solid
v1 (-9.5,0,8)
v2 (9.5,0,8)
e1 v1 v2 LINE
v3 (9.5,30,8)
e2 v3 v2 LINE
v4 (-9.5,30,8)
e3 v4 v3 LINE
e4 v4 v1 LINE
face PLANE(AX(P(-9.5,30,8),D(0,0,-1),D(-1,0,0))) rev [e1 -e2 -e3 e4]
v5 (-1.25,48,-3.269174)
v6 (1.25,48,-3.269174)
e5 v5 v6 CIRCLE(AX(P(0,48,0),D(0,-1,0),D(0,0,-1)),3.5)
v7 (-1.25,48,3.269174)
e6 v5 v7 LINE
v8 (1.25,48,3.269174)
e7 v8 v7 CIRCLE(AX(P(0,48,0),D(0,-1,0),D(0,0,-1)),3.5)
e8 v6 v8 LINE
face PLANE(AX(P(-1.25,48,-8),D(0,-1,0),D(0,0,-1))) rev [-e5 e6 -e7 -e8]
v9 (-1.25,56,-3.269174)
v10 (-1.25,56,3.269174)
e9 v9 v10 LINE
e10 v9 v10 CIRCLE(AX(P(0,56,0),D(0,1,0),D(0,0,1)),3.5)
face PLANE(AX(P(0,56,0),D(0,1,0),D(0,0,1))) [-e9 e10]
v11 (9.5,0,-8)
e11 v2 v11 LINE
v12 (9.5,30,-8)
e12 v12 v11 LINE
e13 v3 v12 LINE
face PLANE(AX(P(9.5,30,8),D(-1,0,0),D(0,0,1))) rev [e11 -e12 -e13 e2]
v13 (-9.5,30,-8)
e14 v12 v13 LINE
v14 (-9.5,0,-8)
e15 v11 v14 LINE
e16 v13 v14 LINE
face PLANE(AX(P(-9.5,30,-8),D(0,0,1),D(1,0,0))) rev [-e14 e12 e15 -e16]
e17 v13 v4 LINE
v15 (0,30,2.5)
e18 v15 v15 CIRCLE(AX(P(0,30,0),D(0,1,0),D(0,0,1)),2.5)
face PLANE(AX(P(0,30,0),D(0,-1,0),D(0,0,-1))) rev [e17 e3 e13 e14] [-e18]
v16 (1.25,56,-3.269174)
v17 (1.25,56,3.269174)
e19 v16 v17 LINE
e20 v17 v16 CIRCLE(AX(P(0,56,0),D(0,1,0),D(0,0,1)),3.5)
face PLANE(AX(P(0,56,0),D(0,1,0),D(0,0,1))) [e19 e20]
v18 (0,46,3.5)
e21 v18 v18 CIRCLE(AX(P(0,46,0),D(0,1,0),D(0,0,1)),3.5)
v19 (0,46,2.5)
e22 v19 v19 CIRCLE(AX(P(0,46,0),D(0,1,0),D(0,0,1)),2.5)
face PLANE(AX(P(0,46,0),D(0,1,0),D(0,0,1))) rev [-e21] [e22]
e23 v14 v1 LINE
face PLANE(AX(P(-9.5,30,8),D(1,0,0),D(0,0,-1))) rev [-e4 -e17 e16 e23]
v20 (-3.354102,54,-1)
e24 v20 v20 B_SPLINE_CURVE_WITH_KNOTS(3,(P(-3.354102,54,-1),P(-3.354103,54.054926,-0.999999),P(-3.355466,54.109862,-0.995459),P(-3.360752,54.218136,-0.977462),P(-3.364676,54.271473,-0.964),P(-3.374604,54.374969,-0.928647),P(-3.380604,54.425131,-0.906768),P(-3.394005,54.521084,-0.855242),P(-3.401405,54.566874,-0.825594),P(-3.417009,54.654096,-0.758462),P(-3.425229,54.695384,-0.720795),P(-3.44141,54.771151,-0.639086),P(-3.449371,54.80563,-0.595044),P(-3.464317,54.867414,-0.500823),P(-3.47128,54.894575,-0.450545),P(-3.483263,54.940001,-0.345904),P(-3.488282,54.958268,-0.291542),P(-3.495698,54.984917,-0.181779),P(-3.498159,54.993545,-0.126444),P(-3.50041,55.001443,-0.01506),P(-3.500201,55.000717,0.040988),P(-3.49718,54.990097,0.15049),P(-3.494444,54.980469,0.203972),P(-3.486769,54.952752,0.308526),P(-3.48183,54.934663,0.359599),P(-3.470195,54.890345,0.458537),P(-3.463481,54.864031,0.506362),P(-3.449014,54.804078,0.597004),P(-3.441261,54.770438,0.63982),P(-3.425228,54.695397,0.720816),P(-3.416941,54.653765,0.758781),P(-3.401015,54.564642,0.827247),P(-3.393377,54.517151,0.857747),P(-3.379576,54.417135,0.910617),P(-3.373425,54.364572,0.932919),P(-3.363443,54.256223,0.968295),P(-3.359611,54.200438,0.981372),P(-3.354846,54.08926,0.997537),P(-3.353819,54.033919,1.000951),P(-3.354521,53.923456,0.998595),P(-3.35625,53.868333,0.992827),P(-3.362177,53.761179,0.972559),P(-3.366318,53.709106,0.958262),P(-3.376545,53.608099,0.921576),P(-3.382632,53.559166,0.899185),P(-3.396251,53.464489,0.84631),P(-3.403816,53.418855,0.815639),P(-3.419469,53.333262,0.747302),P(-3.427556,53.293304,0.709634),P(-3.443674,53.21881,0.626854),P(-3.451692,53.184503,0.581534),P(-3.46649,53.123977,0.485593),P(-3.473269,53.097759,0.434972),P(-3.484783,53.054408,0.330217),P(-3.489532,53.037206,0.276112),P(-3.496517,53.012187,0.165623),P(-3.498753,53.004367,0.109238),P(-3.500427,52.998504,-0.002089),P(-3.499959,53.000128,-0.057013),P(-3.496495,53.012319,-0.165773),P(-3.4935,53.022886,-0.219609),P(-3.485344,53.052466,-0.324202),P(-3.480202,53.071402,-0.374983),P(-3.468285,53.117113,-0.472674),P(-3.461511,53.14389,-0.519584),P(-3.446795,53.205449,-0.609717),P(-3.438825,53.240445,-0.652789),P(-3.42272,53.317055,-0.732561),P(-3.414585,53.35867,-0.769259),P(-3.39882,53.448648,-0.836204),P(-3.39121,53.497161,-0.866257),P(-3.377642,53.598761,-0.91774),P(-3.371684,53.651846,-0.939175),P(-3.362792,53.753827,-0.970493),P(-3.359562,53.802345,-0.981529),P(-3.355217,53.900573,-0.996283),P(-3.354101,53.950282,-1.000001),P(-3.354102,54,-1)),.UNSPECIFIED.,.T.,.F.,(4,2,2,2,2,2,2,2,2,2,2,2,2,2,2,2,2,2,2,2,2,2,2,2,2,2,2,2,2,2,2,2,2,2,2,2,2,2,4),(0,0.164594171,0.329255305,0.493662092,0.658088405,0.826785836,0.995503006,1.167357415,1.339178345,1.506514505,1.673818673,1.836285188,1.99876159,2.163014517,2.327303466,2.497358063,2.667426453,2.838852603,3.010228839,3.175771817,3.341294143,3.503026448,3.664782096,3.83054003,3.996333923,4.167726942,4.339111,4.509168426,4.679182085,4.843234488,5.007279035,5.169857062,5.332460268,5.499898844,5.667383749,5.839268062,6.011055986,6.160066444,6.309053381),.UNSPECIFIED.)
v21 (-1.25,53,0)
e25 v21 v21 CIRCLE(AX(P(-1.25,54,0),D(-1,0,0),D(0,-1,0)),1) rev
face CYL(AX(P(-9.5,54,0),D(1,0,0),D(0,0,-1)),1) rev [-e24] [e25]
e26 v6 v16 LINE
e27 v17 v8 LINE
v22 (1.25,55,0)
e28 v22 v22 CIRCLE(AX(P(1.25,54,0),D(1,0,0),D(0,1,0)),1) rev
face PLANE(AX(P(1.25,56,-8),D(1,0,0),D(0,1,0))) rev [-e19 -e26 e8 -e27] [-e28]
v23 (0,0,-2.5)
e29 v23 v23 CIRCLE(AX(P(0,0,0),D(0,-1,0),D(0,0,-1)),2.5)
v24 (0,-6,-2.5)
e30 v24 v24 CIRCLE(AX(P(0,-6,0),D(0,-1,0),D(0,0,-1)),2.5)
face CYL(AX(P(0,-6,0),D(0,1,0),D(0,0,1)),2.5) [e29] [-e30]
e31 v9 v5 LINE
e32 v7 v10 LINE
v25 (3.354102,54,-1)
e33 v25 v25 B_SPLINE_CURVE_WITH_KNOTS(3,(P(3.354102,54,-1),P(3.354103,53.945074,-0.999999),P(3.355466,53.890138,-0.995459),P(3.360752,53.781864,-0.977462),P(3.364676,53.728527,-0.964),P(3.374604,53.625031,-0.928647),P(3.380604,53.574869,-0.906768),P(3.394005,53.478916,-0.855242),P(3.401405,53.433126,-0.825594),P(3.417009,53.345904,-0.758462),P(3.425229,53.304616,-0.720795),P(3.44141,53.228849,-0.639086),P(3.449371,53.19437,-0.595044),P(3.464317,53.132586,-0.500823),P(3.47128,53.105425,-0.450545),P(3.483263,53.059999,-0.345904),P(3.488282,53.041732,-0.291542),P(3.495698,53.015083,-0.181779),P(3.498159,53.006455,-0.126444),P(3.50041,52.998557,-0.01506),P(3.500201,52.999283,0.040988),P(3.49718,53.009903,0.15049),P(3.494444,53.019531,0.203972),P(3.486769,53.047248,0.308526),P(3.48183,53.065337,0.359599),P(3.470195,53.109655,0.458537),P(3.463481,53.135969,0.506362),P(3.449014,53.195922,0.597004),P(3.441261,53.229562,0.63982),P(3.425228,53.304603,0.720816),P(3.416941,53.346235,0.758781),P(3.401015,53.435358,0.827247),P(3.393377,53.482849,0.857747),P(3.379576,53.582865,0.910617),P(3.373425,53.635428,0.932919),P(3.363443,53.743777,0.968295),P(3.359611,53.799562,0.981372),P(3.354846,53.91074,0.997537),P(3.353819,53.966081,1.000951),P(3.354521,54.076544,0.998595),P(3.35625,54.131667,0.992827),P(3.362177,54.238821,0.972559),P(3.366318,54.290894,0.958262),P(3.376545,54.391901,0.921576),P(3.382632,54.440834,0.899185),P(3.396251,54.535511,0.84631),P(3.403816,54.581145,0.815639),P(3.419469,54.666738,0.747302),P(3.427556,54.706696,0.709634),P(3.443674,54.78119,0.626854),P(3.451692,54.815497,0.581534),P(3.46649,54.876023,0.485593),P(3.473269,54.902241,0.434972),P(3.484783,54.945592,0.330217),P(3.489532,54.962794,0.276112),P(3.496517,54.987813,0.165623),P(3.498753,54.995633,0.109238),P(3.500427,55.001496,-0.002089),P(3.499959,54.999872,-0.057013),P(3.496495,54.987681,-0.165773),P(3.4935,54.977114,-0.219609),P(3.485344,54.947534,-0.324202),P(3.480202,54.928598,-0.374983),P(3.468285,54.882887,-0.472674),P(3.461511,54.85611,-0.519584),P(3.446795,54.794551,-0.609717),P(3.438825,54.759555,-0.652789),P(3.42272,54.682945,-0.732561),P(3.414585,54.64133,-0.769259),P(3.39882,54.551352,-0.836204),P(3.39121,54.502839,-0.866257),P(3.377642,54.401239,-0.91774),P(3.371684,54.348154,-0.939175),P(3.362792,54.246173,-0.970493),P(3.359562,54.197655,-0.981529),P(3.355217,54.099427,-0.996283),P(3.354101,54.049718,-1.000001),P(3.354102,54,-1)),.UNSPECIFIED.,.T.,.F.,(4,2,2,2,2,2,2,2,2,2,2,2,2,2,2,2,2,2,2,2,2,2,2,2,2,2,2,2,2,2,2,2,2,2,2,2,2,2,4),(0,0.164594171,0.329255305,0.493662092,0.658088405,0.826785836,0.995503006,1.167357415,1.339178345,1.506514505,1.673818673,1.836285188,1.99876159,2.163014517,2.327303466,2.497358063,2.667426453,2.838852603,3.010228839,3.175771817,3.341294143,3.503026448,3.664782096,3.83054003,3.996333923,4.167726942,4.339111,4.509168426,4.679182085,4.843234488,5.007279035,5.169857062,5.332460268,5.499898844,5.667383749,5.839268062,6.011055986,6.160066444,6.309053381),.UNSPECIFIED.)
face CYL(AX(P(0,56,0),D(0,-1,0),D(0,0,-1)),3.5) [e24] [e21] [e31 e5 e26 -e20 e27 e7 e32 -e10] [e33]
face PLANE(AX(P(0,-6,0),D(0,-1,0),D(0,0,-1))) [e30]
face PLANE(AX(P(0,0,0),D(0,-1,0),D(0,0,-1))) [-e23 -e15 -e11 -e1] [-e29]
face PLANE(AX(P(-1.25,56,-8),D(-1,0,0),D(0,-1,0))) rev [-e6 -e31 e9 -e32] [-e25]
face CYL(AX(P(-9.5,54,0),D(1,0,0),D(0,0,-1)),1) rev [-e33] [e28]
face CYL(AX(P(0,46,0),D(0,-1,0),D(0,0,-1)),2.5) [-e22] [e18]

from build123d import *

# Parameters (mm, degrees)
SKETCH1_W               = 19
SKETCH1_H               = 16
BOSS_EXTRUDE1_DEPTH     = 30
SKETCH2_R               = 3.5
BOSS_EXTRUDE2_DEPTH     = 26
SKETCH3_R               = 2.5
BOSS_EXTRUDE3_DEPTH     = 6
SKETCH4_R               = 1
CUT_EXTRUDE2_DEPTH      = 60.674114991
SKETCH5_R               = 3.5
SKETCH5_R_2             = 2.5
CUT_EXTRUDE3_DEPTH      = 16
CUT_EXTRUDE4_DEPTH      = 58.36070093
CUT_EXTRUDE4_DEPTH_BACK = 58.36070093
SKETCH6_W               = 2.5
SKETCH6_H               = 8


with BuildPart() as part:
    # Sketch1 → Boss-Extrude1 (new body)
    with BuildSketch(Plane(origin=(0, 0, 0), x_dir=(1, 0, 0), z_dir=(0, 1, 0))):
        Rectangle(SKETCH1_W, SKETCH1_H)
    extrude(amount=BOSS_EXTRUDE1_DEPTH)

    # Sketch2 → Boss-Extrude2 (add)
    with BuildSketch(Plane(origin=(0, 30, 0), x_dir=(1, 0, 0), z_dir=(0, 1, 0))):
        with Locations(Location((0, 0, 0), (0, 0, 90))):
            Circle(SKETCH2_R)
    extrude(amount=BOSS_EXTRUDE2_DEPTH)

    # Sketch3 → Boss-Extrude3 (add)
    with BuildSketch(Plane.XZ):
        with Locations(Location((0, 0, 0), (0, 0, 270))):
            Circle(SKETCH3_R)
    extrude(amount=BOSS_EXTRUDE3_DEPTH)

    # Sketch4 → Cut-Extrude2 (cut, through all)
    with BuildSketch(Plane(origin=(9.5, 0, 0), x_dir=(0, 0, -1), z_dir=(1, 0, 0))):
        with Locations((0, 54)):
            Circle(SKETCH4_R)
    extrude(amount=-CUT_EXTRUDE2_DEPTH, mode=Mode.SUBTRACT)

    # Sketch5 → Cut-Extrude3 (cut)
    with BuildSketch(Plane(origin=(0, 30, 0), x_dir=(1, 0, 0), z_dir=(0, 1, 0))):
        with Locations(Location((0, 0, 0), (0, 0, 270))):
            Circle(SKETCH5_R)
        with Locations(Location((0, 0, 0), (0, 0, 90))):
            Circle(SKETCH5_R_2, mode=Mode.SUBTRACT)
    extrude(amount=CUT_EXTRUDE3_DEPTH, mode=Mode.SUBTRACT)

    # Sketch6 → Cut-Extrude4 (cut, two sides: drawn at the far end of the back side and taken through both)
    with BuildSketch(Plane.XY.offset(-CUT_EXTRUDE4_DEPTH_BACK)):
        with Locations((0, 52)):
            Rectangle(SKETCH6_W, SKETCH6_H)
    extrude(amount=CUT_EXTRUDE4_DEPTH + CUT_EXTRUDE4_DEPTH_BACK, mode=Mode.SUBTRACT)


solid = part.part
